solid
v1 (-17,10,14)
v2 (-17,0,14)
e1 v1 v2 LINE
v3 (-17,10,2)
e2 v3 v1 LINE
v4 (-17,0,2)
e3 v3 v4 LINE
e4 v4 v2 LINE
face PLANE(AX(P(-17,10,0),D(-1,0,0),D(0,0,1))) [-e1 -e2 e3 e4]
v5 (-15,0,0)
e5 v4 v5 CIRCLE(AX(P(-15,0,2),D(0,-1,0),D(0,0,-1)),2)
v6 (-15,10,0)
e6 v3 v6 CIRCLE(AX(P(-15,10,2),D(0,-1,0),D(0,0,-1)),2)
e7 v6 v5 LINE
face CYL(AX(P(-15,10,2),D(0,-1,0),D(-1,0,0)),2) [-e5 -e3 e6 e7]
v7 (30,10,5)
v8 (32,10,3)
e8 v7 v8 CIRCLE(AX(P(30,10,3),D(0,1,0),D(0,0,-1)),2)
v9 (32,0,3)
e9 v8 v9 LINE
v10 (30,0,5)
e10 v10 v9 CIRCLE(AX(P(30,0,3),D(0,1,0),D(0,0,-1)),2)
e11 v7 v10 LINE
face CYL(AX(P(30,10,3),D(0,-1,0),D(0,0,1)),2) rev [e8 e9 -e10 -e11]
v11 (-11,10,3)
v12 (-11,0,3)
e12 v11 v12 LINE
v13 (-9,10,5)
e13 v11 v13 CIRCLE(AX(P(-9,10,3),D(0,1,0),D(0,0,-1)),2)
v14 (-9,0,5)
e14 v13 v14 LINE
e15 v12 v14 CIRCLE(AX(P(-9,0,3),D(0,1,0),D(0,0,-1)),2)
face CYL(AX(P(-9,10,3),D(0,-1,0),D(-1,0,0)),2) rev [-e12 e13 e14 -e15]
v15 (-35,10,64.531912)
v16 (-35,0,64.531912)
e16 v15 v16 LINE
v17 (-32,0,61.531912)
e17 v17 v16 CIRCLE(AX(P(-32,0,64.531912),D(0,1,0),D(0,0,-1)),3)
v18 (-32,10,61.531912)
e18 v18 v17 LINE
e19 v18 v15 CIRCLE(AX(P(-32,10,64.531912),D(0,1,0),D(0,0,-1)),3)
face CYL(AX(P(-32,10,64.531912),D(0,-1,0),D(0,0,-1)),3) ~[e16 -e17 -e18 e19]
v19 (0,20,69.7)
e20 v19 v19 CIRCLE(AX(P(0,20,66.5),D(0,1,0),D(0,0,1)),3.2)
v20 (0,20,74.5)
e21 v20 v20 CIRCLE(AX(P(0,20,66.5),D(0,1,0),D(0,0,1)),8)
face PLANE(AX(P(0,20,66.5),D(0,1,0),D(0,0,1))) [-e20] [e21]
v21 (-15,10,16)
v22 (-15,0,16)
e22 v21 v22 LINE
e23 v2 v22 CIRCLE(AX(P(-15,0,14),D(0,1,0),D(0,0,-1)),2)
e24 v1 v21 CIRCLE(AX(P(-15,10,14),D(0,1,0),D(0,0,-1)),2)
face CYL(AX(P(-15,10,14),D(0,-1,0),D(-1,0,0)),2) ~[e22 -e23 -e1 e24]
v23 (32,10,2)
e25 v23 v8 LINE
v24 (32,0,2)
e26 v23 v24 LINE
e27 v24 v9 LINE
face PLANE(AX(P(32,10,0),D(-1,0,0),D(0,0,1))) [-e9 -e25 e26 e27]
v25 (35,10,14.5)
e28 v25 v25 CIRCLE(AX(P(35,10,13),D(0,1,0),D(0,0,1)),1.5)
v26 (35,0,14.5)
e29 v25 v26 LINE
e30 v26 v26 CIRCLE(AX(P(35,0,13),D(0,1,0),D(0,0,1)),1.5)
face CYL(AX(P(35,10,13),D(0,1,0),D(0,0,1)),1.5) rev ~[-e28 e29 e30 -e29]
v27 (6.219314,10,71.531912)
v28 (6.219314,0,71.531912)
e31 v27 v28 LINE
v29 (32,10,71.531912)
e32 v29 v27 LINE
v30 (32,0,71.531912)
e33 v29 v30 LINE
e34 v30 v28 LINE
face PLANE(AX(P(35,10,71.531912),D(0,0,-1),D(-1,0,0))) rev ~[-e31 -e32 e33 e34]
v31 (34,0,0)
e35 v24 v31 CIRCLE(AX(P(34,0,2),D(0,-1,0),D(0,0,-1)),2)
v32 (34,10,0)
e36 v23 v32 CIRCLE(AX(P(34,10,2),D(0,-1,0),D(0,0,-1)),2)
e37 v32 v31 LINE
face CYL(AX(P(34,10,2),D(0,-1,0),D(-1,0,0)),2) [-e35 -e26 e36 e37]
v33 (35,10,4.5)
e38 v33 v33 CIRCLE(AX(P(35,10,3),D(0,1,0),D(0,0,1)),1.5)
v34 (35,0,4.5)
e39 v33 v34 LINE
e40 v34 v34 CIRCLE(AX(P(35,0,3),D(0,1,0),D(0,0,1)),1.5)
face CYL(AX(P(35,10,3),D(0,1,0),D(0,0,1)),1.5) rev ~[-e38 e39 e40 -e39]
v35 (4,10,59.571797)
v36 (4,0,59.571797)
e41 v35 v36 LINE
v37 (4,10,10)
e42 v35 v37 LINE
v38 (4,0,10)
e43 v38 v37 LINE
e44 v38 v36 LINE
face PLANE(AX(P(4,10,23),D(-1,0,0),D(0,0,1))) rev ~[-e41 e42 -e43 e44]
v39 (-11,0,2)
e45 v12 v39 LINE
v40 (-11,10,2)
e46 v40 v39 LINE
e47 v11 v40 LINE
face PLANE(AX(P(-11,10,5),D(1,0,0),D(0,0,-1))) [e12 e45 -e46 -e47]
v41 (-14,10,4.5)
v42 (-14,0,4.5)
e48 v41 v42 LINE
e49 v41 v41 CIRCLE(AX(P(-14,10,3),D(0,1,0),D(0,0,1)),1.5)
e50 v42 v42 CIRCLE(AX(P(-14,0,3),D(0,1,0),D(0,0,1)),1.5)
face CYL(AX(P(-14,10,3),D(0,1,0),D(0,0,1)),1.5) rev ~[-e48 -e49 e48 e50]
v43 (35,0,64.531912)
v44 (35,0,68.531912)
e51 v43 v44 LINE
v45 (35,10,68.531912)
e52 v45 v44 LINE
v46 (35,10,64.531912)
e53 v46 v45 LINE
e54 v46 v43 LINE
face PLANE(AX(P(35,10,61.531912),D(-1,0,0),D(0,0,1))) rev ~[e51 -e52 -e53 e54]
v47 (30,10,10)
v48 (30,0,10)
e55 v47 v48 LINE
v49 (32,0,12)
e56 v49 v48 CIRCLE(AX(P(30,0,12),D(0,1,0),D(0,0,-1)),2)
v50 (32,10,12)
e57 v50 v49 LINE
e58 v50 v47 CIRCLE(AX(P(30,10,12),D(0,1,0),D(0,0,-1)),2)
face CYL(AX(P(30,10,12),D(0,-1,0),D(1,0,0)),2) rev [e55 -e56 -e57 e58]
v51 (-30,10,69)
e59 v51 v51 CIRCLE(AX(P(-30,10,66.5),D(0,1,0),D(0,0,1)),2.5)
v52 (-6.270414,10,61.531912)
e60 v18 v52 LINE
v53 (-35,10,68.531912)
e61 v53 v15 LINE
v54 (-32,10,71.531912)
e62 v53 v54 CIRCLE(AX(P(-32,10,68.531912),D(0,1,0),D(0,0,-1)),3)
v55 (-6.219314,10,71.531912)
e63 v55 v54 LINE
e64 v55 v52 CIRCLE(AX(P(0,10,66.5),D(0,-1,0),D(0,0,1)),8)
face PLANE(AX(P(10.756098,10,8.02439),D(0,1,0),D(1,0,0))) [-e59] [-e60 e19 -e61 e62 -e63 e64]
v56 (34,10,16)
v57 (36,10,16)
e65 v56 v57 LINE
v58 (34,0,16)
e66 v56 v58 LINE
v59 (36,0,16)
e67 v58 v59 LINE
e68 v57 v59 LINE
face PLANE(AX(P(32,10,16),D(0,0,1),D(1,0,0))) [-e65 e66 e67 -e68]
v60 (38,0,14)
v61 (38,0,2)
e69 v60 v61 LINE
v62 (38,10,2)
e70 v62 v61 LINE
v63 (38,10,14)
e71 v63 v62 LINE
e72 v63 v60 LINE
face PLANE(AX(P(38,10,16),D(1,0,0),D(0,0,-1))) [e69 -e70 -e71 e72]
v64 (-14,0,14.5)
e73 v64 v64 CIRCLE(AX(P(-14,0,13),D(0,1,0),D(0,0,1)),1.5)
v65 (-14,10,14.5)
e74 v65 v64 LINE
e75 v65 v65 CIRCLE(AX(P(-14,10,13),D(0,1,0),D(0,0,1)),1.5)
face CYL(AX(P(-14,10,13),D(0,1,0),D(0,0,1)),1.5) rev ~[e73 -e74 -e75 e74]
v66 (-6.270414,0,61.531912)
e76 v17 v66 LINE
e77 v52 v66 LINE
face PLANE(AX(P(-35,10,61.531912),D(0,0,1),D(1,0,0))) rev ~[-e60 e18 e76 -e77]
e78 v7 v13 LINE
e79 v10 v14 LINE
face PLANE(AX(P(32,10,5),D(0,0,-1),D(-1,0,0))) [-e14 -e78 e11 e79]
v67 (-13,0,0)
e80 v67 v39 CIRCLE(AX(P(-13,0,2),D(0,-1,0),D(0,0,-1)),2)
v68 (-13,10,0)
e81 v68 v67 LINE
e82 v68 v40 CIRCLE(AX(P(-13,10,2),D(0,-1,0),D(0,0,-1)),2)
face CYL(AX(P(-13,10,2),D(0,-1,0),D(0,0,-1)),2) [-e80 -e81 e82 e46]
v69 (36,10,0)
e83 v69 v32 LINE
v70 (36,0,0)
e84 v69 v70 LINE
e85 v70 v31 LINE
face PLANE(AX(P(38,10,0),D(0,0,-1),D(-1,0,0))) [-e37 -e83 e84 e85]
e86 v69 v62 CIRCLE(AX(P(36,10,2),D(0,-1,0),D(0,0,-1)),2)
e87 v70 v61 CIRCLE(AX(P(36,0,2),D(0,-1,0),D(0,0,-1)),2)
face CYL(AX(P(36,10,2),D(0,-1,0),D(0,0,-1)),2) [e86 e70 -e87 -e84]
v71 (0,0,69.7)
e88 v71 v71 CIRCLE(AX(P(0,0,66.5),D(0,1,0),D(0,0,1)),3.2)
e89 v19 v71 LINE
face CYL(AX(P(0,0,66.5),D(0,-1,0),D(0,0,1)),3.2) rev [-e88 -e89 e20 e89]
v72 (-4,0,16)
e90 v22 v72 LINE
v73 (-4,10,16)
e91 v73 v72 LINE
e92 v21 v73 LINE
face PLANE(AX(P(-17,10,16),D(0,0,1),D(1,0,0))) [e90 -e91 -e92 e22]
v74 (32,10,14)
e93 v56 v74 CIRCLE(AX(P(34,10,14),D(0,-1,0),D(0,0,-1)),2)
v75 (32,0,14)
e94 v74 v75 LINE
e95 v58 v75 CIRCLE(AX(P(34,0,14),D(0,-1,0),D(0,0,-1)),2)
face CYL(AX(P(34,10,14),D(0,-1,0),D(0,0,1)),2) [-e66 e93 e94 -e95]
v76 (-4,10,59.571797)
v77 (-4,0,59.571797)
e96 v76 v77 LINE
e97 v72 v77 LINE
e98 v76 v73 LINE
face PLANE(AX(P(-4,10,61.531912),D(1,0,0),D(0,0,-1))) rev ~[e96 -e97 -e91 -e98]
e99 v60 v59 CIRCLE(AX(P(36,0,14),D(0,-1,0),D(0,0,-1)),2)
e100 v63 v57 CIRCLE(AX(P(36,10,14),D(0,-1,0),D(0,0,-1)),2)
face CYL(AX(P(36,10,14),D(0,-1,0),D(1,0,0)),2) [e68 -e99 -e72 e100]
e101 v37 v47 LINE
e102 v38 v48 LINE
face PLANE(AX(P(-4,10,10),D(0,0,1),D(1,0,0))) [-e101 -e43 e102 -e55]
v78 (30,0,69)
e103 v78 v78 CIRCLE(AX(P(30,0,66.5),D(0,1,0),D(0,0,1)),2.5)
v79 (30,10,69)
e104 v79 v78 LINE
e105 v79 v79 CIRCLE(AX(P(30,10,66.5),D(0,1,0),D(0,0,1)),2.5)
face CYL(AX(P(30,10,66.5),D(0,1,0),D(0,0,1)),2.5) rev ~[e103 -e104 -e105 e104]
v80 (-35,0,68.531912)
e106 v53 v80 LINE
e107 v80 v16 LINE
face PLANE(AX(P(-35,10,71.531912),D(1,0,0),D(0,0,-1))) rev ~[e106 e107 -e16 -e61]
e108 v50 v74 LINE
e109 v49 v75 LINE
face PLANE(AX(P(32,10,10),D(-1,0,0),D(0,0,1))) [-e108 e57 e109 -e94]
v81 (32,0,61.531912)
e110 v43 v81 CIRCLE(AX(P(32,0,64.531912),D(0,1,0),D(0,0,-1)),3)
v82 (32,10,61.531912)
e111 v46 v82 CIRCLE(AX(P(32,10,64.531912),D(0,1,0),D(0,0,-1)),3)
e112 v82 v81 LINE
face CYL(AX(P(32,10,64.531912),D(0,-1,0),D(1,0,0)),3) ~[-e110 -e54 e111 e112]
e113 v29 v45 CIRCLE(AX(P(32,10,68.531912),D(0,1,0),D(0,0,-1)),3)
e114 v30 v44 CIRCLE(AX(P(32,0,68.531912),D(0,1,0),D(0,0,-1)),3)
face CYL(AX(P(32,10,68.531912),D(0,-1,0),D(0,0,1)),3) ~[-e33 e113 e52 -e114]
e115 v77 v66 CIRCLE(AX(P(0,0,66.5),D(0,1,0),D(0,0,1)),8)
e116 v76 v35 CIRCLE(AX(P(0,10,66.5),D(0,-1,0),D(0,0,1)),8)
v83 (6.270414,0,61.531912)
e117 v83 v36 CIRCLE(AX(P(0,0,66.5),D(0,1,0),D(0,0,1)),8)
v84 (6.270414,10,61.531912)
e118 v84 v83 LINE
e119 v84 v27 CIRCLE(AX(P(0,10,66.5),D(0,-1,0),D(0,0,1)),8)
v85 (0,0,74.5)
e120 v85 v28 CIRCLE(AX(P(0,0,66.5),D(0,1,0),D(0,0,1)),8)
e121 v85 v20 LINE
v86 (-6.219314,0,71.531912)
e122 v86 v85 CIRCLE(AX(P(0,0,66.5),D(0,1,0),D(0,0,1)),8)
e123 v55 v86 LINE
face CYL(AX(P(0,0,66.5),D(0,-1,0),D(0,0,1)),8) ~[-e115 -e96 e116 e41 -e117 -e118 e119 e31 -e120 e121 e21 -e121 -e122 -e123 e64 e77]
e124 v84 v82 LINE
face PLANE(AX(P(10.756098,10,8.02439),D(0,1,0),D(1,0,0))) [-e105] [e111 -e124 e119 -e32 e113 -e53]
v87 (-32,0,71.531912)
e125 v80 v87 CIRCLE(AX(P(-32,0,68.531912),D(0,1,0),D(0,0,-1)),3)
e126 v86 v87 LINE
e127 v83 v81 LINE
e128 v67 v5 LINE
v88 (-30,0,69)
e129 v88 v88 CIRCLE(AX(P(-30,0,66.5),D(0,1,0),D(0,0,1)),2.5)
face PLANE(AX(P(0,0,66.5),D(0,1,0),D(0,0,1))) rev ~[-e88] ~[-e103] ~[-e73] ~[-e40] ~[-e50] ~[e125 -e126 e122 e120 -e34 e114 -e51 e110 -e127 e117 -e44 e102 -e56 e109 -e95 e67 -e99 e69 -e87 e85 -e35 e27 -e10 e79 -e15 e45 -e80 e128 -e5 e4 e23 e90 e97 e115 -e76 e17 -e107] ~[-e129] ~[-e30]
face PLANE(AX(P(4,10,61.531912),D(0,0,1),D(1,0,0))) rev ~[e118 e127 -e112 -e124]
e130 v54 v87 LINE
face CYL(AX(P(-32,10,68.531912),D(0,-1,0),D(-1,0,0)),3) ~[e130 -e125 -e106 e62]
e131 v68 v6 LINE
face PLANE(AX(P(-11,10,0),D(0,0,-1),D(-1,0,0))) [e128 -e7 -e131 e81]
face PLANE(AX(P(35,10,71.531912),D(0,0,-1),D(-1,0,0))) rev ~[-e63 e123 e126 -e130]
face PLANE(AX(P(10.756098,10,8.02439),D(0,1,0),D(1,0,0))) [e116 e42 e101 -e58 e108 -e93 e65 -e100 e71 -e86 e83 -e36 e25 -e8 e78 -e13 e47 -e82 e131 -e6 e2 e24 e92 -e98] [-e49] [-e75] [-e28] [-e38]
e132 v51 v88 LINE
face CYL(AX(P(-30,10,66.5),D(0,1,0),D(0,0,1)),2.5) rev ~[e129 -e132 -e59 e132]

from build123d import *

# Parameters (mm, degrees)
SKETCH_2_W           = 8
SKETCH_2_H           = 17
EXTRUDE_1_DEPTH      = 10
SKETCH_4_R           = 3.2
SKETCH_4_R_2         = 2.5
EXTRUDE_2_DEPTH      = 10
SKETCH_6_R           = 1.5
EXTRUDE_3_DEPTH      = 10
FILLET_6_R           = 2
FILLET_7_R           = 3
EXTRUDE_4_DEPTH      = 10
EXTRUDE_4_DEPTH_BACK = 10
SKETCH_7_R           = 8
SKETCH_7_R_2         = 3.2


with BuildPart() as part:
    # 草图2 → 凸台-拉伸1 (new body)
    with BuildSketch(Plane(origin=(0, 0, 0), x_dir=(1, 0, 0), z_dir=(0, 1, 0))):
        with Locations((0, -14.5)):
            Rectangle(SKETCH_2_W, SKETCH_2_H)
    extrude(amount=EXTRUDE_1_DEPTH)

    # 草图4 → 凸台-拉伸2 (add)
    with BuildSketch(Plane(origin=(0, 10, 0), x_dir=(1, 0, 0), z_dir=(0, 1, 0))):
        Polygon((-4, -23), (4, -23), (4, -61.531911565), (35, -61.531911565), (35, -71.531911565), (-35, -71.531911565), (-35, -61.531911565), (-4, -61.531911565), align=None)
        with Locations((0, -66.5)):
            Circle(SKETCH_4_R, mode=Mode.SUBTRACT)
        with Locations((30, -66.5)):
            Circle(SKETCH_4_R_2, mode=Mode.SUBTRACT)
        with Locations((-30, -66.5)):
            Circle(SKETCH_4_R_2, mode=Mode.SUBTRACT)
    extrude(amount=-EXTRUDE_2_DEPTH)

    # 草图6 → 凸台-拉伸3 (add)
    with BuildSketch(Plane(origin=(0, 10, 0), x_dir=(1, 0, 0), z_dir=(0, 1, 0))):
        Polygon((-17, 0), (-17, -16), (-4, -16), (-4, -10), (32, -10), (32, -16), (38, -16), (38, 0), (32, 0), (32, -5), (-11, -5), (-11, 0), align=None)
        with Locations((-14, -3)):
            Circle(SKETCH_6_R, mode=Mode.SUBTRACT)
        with Locations((-14, -13)):
            Circle(SKETCH_6_R, mode=Mode.SUBTRACT)
        with Locations((35, -3)):
            Circle(SKETCH_6_R, mode=Mode.SUBTRACT)
        with Locations((35, -13)):
            Circle(SKETCH_6_R, mode=Mode.SUBTRACT)
    extrude(amount=-EXTRUDE_3_DEPTH)

    # 圆角6
    fillet_6_edges = [part.edges().sort_by_distance(p)[0] for p in [
        (-11, 5, 5),
        (32, 5, 5),
        (32, 5, 0),
        (38, 5, 0),
        (38, 5, 16),
        (32, 5, 16),
        (32, 5, 10),
        (-11, 5, 0),
        (-17, 5, 16),
        (-17, 5, 0),
    ]]
    fillet(fillet_6_edges, radius=FILLET_6_R)

    # 圆角7
    fillet_7_edges = [part.edges().sort_by_distance(p)[0] for p in [
        (35, 5, 71.531911565),
        (35, 5, 61.531911565),
        (-35, 5, 71.531911565),
        (-35, 5, 61.531911565),
    ]]
    fillet(fillet_7_edges, radius=FILLET_7_R)

    # 草图7 → 凸台-拉伸4 (add, two sides: drawn at the far end of the back side and taken through both)
    with BuildSketch(Plane(origin=(0, 10, 0), x_dir=(1, 0, 0), z_dir=(0, 1, 0)).offset(-EXTRUDE_4_DEPTH_BACK)):
        with Locations((0, -66.5)):
            Circle(SKETCH_7_R)
        with Locations((0, -66.5)):
            Circle(SKETCH_7_R_2, mode=Mode.SUBTRACT)
    extrude(amount=EXTRUDE_4_DEPTH + EXTRUDE_4_DEPTH_BACK)


solid = part.part
